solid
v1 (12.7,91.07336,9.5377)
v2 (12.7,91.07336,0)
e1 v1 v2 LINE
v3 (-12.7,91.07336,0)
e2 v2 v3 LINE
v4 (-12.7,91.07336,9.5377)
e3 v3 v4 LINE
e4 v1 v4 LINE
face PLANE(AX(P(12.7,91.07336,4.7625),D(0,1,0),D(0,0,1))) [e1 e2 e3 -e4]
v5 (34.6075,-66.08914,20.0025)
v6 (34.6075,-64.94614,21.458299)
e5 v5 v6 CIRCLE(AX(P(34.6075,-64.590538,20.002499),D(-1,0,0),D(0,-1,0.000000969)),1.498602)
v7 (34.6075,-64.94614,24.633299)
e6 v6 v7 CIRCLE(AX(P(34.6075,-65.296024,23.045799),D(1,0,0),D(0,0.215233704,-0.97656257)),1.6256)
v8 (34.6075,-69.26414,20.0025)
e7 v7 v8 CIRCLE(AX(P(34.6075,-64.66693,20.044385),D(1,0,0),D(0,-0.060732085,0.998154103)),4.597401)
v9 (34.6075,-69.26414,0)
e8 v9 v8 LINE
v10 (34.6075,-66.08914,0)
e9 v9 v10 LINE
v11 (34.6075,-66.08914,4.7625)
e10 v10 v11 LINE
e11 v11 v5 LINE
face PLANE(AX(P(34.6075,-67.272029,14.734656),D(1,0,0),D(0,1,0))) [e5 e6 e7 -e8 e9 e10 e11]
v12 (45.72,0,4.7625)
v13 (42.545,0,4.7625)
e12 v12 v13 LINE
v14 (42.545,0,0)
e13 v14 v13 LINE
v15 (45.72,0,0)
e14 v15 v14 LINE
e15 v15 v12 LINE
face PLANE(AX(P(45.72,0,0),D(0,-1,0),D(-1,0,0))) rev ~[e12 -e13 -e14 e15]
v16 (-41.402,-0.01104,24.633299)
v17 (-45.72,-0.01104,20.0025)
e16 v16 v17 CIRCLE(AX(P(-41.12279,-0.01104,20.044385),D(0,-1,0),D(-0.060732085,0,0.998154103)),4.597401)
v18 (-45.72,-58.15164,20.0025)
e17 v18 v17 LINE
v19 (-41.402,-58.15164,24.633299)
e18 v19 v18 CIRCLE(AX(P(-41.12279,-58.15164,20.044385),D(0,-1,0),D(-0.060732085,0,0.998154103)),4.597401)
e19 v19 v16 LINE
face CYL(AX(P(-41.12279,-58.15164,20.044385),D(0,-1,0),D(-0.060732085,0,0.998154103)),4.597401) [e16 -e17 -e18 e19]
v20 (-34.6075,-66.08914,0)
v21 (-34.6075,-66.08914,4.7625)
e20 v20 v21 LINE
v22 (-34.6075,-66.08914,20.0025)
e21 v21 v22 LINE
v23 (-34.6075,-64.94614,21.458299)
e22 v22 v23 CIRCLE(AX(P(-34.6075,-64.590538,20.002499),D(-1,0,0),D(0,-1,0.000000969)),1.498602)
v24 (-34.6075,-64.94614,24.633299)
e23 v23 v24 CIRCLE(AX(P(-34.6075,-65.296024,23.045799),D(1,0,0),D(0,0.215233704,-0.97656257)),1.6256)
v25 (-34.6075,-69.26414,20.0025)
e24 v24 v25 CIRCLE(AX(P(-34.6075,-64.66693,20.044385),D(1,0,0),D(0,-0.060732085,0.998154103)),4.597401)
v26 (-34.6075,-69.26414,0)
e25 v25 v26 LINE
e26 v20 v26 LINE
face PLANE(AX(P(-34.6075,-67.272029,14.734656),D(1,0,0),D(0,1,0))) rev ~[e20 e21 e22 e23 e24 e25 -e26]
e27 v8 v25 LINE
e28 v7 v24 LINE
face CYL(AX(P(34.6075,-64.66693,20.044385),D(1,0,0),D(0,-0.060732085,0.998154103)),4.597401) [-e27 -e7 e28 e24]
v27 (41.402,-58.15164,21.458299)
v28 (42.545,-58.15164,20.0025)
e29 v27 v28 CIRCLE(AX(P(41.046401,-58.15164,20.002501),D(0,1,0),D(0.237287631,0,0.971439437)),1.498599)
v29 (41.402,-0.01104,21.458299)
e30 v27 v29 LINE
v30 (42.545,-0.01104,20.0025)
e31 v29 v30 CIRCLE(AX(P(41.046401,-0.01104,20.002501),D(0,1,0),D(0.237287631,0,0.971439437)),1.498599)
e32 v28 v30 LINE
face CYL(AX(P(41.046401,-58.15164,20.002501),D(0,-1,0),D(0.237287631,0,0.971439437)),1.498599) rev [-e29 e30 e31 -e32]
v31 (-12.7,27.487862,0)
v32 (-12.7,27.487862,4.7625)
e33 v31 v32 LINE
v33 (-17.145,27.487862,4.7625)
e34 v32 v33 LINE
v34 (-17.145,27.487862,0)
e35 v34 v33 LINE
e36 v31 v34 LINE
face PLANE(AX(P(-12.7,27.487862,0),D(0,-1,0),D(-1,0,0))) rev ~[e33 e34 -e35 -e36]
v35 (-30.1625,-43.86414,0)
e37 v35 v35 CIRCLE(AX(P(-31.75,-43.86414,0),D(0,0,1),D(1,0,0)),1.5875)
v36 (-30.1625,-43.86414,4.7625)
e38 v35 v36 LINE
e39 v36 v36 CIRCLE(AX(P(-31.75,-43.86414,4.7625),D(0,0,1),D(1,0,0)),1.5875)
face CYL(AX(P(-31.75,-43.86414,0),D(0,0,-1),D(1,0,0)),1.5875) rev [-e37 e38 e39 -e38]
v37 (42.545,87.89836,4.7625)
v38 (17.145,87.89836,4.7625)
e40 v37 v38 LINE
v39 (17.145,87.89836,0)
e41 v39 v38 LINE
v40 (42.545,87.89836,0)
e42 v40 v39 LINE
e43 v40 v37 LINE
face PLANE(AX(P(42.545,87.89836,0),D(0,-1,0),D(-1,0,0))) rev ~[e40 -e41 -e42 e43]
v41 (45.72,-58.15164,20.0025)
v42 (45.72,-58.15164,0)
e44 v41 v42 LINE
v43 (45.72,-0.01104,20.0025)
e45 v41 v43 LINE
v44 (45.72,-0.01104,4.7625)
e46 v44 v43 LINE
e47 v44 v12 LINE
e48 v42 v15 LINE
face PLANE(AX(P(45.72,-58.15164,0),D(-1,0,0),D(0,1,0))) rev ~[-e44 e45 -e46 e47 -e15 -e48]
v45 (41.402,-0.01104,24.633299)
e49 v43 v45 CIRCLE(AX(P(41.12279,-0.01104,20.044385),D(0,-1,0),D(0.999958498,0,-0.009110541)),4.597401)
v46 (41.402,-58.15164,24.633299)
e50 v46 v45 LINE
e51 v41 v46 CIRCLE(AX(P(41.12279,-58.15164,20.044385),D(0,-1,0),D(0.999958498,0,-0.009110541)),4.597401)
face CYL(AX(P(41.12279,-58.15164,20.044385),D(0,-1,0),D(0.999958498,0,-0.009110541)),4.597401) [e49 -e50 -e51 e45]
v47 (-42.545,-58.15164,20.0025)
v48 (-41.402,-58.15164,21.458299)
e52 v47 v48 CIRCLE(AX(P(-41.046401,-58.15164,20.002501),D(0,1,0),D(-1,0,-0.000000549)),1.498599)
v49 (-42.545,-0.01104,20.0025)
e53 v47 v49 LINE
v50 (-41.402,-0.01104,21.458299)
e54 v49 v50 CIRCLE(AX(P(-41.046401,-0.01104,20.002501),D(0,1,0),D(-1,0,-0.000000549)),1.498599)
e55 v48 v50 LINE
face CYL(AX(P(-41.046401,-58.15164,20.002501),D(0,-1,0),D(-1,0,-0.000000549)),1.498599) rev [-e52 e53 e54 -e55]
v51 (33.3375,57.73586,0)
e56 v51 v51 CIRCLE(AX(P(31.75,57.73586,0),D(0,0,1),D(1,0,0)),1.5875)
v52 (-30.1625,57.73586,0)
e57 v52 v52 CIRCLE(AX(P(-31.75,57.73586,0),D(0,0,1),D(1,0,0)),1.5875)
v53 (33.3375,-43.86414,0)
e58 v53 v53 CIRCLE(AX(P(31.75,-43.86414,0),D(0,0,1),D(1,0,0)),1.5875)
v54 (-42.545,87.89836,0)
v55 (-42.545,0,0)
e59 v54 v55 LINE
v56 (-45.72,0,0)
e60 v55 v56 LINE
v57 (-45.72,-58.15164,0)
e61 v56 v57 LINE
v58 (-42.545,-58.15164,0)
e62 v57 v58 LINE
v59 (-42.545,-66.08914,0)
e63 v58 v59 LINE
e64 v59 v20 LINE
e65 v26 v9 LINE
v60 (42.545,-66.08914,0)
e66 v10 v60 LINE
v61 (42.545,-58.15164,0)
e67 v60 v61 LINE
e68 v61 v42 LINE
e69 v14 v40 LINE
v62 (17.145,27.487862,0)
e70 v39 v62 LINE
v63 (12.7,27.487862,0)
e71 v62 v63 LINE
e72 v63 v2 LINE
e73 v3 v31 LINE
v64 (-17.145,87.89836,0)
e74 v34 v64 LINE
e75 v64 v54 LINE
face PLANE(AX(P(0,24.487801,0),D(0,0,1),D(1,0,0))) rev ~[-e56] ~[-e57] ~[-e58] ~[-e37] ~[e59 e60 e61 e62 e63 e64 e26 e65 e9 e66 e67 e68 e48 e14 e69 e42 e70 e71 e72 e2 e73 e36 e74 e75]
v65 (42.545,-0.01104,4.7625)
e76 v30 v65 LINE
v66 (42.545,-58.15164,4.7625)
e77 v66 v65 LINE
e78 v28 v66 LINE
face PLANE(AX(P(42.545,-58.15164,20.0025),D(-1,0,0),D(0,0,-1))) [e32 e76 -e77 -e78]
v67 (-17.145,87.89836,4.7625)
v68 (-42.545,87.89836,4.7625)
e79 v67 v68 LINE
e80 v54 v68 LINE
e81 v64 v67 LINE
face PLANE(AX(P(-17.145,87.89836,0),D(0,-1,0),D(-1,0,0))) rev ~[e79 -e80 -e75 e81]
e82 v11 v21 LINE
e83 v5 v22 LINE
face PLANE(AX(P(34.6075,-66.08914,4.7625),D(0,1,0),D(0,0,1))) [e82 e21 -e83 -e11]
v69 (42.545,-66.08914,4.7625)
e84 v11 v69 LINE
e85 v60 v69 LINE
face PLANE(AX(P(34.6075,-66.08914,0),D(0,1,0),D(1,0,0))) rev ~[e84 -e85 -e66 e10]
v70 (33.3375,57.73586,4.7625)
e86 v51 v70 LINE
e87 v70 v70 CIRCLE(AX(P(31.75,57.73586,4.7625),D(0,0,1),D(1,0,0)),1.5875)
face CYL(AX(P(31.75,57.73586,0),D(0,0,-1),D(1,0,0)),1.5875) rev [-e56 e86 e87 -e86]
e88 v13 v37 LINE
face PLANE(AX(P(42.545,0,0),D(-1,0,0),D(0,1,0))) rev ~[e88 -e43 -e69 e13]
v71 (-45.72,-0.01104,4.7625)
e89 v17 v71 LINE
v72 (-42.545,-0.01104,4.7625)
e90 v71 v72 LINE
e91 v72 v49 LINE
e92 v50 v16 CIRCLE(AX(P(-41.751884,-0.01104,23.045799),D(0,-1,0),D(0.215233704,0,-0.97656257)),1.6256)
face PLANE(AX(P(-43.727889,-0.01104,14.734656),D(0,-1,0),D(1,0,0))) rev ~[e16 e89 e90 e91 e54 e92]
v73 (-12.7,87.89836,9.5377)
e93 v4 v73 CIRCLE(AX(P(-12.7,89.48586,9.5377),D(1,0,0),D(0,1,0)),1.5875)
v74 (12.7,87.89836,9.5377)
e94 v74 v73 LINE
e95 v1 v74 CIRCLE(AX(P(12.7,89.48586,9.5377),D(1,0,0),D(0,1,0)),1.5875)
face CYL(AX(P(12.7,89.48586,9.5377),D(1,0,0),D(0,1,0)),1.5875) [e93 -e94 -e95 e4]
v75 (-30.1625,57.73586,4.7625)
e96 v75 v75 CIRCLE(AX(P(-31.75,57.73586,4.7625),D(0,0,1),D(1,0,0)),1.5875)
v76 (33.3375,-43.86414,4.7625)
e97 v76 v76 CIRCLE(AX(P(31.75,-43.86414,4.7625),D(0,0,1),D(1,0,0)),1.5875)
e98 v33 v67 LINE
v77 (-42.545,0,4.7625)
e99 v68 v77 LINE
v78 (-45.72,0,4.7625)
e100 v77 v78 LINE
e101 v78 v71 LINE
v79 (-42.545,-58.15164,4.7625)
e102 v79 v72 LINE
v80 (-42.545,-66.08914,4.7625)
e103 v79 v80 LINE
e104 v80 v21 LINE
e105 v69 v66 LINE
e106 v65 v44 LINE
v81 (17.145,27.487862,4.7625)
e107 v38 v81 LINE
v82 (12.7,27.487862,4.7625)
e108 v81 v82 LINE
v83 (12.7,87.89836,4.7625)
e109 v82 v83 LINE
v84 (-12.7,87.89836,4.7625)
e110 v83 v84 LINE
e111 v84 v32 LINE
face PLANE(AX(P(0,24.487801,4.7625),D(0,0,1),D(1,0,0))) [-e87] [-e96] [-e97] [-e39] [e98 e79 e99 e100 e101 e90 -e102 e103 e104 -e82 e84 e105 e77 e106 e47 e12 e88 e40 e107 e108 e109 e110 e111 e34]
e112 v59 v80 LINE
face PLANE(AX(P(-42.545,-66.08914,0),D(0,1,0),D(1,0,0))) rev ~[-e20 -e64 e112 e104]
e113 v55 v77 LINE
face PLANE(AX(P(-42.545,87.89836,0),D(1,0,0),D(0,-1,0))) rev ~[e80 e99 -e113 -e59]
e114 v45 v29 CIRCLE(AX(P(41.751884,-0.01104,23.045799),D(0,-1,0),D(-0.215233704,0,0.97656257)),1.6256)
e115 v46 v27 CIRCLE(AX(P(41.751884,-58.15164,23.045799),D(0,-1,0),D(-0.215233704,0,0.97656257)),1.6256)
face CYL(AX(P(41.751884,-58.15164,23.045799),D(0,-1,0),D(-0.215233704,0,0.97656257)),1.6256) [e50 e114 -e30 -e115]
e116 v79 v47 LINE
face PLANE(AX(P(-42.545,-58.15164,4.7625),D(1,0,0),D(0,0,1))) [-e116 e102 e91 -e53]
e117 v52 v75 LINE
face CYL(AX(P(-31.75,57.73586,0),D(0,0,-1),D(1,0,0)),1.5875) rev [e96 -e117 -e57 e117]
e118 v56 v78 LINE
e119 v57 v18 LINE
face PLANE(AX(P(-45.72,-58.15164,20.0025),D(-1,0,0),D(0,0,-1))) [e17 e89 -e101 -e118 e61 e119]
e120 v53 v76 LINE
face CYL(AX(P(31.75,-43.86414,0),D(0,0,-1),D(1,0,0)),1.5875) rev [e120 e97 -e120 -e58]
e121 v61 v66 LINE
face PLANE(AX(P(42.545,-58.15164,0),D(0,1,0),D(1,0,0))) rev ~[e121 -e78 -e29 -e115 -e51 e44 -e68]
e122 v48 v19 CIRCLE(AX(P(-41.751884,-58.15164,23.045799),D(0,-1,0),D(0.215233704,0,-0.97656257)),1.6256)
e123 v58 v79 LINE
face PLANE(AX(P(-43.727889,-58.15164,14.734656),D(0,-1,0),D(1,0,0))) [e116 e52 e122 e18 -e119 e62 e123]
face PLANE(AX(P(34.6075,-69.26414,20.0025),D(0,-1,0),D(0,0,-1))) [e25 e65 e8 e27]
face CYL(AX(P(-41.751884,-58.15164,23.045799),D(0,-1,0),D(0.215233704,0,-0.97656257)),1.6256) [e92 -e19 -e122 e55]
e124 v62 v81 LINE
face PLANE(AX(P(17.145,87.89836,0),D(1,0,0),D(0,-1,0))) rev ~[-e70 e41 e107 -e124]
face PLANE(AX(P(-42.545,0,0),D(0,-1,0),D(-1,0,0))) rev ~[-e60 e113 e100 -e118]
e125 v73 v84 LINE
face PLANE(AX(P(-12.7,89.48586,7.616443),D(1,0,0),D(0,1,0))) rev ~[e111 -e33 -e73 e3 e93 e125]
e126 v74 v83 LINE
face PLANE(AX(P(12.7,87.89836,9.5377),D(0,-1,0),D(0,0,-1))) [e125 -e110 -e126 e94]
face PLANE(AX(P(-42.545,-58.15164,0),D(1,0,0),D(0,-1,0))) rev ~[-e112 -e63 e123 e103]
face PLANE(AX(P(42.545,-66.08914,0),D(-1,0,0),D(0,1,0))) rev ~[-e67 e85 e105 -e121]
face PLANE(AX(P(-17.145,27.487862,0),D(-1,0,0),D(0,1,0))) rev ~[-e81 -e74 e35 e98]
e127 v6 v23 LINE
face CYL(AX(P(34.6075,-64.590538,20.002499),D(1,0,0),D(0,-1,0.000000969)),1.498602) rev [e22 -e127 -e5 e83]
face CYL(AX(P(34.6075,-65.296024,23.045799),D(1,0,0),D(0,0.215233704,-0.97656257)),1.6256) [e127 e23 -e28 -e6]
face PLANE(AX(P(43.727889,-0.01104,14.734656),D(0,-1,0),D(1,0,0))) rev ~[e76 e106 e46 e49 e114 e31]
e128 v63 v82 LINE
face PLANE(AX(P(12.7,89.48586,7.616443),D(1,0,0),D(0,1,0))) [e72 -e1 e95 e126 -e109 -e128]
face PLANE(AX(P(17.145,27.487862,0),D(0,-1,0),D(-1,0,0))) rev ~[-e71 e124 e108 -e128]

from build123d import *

# Parameters (mm, degrees)
F0_R     = 1.5875
F1_DEPTH = 4.7625
F3_DEPTH = 58.1406
F5_DEPTH = 69.215
F7_DEPTH = 25.4


with BuildPart() as f1:
    # F0 (on Top) → F1 (new body)
    with BuildSketch(Plane.XY):
        Polygon((-17.145, 87.89836), (-42.545, 87.89836), (-42.545, 0), (-45.72, 0), (-45.72, -58.15164), (-42.545, -58.15164), (-42.545, -66.08914), (-34.6075, -66.08914), (-34.6075, -69.26414), (34.6075, -69.26414), (34.6075, -66.08914), (42.545, -66.08914), (42.545, -58.15164), (45.72, -58.15164), (45.72, 0), (42.545, 0), (42.545, 87.89836), (17.145, 87.89836), (17.145, 27.487862), (12.7, 27.487862), (12.7, 91.07336), (-12.7, 91.07336), (-12.7, 27.487862), (-17.145, 27.487862), align=None)
        with Locations((-31.75, -43.86414)):
            Circle(F0_R, mode=Mode.SUBTRACT)
        with Locations((31.75, -43.86414)):
            Circle(F0_R, mode=Mode.SUBTRACT)
        with Locations((-31.75, 57.73586)):
            Circle(F0_R, mode=Mode.SUBTRACT)
        with Locations((31.75, 57.73586)):
            Circle(F0_R, mode=Mode.SUBTRACT)
    extrude(amount=F1_DEPTH)

    # F2 (on face) → F3 (join)
    with BuildSketch(Plane.XZ.offset(58.15164)):
        with BuildLine():
            Line((-45.72, 20.0025), (-45.72, 4.7625))
            Line((-45.72, 4.7625), (-42.545, 4.7625))
            Line((-42.545, 4.7625), (-42.545, 20.0025))
            ThreePointArc((-42.545, 20.0025), (-42.225108, 20.927946), (-41.402, 21.458299))
            ThreePointArc((-41.402, 21.458299), (-40.126284, 23.045799), (-41.402, 24.633299))
            ThreePointArc((-41.402, 24.633299), (-44.485221, 23.179692), (-45.72, 20.0025))
        make_face()
        with BuildLine():
            Line((42.545, 20.0025), (42.545, 4.7625))
            Line((42.545, 4.7625), (45.72, 4.7625))
            Line((45.72, 4.7625), (45.72, 20.0025))
            ThreePointArc((45.72, 20.0025), (44.485221, 23.179692), (41.402, 24.633299))
            ThreePointArc((41.402, 24.633299), (40.126284, 23.045799), (41.402, 21.458299))
            ThreePointArc((41.402, 21.458299), (42.225108, 20.927946), (42.545, 20.0025))
        make_face()
    extrude(amount=-F3_DEPTH)

    # F4 (on face) → F5 (join)
    with BuildSketch(Plane.YZ.offset(34.6075)):
        with BuildLine():
            Line((-69.26414, 20.0025), (-69.26414, 4.7625))
            Line((-69.26414, 4.7625), (-66.08914, 4.7625))
            Line((-66.08914, 4.7625), (-66.08914, 20.0025))
            ThreePointArc((-66.08914, 20.0025), (-65.769247, 20.927946), (-64.94614, 21.458299))
            ThreePointArc((-64.94614, 21.458299), (-63.670424, 23.045799), (-64.94614, 24.633299))
            ThreePointArc((-64.94614, 24.633299), (-68.029361, 23.179692), (-69.26414, 20.0025))
        make_face()
    extrude(amount=-F5_DEPTH)

    # F6 (on face) → F7 (join)
    with BuildSketch(Plane.YZ.offset(12.7)):
        with BuildLine():
            Line((87.89836, 4.7625), (91.07336, 4.7625))
            Line((91.07336, 4.7625), (91.07336, 9.5377))
            ThreePointArc((91.07336, 9.5377), (89.48586, 11.1252), (87.89836, 9.5377))
            Line((87.89836, 9.5377), (87.89836, 4.7625))
        make_face()
    extrude(amount=-F7_DEPTH)


solid = f1.part
